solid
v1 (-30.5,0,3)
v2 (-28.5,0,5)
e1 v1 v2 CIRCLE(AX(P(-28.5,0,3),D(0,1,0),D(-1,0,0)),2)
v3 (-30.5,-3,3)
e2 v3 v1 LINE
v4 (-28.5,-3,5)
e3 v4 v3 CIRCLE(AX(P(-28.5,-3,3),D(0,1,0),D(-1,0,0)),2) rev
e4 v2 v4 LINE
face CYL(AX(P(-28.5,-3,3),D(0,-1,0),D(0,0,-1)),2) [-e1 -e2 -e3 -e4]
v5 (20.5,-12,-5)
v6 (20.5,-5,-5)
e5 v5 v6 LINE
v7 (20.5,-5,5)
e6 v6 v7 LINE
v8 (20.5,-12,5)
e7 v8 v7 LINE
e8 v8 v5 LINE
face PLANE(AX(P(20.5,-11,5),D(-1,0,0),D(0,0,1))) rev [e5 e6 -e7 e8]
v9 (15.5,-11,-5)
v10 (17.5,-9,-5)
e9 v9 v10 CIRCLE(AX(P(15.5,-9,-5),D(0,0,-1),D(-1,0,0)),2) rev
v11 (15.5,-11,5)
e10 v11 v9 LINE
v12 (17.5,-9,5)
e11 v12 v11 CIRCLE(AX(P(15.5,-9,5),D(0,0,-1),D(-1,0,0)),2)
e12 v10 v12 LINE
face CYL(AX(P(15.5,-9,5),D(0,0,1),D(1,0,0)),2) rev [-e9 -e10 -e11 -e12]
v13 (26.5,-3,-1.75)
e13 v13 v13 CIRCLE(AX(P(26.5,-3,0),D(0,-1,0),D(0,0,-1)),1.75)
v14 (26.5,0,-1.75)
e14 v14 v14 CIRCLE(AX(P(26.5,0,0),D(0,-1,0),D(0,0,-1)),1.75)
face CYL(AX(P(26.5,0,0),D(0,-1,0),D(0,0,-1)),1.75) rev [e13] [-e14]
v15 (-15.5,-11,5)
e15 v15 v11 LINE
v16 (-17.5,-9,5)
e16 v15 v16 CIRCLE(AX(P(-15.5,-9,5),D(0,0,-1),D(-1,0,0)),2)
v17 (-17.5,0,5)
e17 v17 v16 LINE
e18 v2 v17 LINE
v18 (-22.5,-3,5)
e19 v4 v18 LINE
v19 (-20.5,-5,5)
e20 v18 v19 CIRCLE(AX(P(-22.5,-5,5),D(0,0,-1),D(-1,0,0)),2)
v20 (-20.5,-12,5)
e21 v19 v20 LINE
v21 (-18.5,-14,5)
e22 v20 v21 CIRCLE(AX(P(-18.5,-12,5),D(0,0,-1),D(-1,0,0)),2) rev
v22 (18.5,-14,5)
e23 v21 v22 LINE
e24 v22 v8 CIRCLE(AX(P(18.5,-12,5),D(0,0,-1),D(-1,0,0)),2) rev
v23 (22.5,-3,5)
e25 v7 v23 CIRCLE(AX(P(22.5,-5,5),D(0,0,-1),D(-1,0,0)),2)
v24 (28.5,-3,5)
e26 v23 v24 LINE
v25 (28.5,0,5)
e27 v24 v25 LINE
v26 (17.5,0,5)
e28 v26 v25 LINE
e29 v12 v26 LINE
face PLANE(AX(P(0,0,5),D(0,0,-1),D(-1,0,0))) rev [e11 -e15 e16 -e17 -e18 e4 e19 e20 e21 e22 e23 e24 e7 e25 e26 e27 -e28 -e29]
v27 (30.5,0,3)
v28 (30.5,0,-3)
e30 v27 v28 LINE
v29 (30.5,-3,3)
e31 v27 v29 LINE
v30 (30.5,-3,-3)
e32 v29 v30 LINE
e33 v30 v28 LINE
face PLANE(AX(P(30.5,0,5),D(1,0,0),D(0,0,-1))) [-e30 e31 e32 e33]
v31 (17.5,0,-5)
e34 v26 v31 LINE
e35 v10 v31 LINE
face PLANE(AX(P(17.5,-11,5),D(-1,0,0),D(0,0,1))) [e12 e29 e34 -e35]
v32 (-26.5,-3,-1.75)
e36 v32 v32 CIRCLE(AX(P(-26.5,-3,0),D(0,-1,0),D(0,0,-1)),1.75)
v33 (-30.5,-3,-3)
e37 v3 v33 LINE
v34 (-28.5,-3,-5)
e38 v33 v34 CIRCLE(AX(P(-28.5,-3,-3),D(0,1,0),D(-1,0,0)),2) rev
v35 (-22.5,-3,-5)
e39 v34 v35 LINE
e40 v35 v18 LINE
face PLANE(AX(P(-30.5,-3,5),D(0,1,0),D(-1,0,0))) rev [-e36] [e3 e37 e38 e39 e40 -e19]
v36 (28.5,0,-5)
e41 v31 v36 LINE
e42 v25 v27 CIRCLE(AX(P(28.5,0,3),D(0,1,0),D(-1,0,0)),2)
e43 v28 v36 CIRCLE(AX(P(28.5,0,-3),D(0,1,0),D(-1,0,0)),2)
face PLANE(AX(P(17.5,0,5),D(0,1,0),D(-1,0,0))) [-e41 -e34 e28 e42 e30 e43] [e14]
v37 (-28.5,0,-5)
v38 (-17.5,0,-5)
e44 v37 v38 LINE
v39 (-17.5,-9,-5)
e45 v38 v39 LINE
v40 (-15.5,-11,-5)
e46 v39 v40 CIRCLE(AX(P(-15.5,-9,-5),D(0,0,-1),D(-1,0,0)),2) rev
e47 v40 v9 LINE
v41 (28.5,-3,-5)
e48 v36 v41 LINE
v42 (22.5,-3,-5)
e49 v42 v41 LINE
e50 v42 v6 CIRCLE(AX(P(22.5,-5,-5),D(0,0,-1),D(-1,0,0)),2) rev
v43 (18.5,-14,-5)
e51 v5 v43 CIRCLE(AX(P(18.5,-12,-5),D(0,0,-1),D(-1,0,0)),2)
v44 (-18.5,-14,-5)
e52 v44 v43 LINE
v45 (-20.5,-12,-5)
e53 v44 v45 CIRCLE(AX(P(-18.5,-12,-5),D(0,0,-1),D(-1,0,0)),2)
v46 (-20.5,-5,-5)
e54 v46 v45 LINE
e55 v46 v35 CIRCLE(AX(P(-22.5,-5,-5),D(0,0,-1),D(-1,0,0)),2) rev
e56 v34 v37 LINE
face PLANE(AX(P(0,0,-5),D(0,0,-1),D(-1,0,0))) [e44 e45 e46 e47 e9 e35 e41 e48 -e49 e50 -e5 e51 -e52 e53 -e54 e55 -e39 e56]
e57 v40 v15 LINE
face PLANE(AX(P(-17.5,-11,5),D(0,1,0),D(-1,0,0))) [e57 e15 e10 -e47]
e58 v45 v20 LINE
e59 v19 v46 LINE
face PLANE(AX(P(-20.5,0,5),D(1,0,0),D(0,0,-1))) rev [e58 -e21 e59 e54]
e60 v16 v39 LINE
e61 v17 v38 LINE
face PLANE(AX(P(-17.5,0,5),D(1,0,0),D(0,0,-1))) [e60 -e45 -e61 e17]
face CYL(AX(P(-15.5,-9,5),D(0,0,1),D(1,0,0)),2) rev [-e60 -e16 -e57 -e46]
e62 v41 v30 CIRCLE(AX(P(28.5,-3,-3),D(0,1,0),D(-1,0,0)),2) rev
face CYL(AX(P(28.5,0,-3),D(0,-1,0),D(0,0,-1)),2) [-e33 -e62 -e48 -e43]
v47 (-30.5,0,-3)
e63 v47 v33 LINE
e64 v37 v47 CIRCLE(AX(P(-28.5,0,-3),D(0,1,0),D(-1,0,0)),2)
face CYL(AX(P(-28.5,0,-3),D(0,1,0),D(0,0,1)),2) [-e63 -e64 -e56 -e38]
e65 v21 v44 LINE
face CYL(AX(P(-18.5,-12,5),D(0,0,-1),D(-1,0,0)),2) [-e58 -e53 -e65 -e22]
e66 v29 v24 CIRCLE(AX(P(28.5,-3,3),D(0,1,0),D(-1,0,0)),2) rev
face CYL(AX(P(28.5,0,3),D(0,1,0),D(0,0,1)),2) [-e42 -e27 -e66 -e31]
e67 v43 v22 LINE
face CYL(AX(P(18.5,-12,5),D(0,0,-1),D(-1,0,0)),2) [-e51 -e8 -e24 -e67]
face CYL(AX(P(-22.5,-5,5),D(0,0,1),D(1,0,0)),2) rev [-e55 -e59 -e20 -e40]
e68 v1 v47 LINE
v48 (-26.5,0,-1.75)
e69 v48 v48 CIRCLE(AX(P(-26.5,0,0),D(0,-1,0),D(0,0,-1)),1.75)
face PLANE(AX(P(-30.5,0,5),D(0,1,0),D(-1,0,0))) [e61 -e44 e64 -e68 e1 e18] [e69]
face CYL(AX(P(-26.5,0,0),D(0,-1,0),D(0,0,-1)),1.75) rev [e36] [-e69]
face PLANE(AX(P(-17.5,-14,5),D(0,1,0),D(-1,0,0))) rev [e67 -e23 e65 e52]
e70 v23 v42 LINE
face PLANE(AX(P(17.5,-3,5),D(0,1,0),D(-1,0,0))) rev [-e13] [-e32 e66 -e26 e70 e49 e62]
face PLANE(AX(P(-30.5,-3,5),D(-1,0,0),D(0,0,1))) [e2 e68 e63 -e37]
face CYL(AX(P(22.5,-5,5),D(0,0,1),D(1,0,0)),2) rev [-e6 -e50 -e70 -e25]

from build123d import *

# Parameters (mm, degrees)
EXTRUDE_THIN1_DEPTH = 5
FILLET1_R           = 2
FILLET2_R           = 2
SKETCH2_R           = 1.75
CUT_EXTRUDE1_DEPTH  = 4


with BuildPart() as part:
    # Sketch1 → Extrude-Thin1 (new body, symmetric)
    with BuildSketch(Plane.XY):
        Polygon((-30.5, 0), (-17.5, 0), (-17.5, -11), (17.5, -11), (17.5, 0), (30.5, 0), (30.5, -3), (20.5, -3), (20.5, -14), (-20.5, -14), (-20.5, -3), (-30.5, -3), align=None)
    extrude(amount=EXTRUDE_THIN1_DEPTH, both=True)

    # Fillet1
    fillet1_edges = [part.edges().sort_by_distance(p)[0] for p in [
        (20.5, -3, 0),
        (20.5, -14, 0),
        (-20.5, -14, 0),
        (-20.5, -3, 0),
        (-17.5, -11, 0),
        (17.5, -11, 0),
    ]]
    fillet(fillet1_edges, radius=FILLET1_R)

    # Fillet2
    fillet2_edges = [part.edges().sort_by_distance(p)[0] for p in [
        (-30.5, -1.5, -5),
        (30.5, -1.5, -5),
        (-30.5, -1.5, 5),
        (30.5, -1.5, 5),
    ]]
    fillet(fillet2_edges, radius=FILLET2_R)

    # Sketch2 → Cut-Extrude1 (cut, through all)
    with BuildSketch(Plane(origin=(0, -3, 0), x_dir=(-1, 0, 0), z_dir=(0, -1, 0))):
        with Locations((-26.5, 0)):
            Circle(SKETCH2_R)
        with Locations((26.5, 0)):
            Circle(SKETCH2_R)
    extrude(amount=-CUT_EXTRUDE1_DEPTH, mode=Mode.SUBTRACT)


solid = part.part
